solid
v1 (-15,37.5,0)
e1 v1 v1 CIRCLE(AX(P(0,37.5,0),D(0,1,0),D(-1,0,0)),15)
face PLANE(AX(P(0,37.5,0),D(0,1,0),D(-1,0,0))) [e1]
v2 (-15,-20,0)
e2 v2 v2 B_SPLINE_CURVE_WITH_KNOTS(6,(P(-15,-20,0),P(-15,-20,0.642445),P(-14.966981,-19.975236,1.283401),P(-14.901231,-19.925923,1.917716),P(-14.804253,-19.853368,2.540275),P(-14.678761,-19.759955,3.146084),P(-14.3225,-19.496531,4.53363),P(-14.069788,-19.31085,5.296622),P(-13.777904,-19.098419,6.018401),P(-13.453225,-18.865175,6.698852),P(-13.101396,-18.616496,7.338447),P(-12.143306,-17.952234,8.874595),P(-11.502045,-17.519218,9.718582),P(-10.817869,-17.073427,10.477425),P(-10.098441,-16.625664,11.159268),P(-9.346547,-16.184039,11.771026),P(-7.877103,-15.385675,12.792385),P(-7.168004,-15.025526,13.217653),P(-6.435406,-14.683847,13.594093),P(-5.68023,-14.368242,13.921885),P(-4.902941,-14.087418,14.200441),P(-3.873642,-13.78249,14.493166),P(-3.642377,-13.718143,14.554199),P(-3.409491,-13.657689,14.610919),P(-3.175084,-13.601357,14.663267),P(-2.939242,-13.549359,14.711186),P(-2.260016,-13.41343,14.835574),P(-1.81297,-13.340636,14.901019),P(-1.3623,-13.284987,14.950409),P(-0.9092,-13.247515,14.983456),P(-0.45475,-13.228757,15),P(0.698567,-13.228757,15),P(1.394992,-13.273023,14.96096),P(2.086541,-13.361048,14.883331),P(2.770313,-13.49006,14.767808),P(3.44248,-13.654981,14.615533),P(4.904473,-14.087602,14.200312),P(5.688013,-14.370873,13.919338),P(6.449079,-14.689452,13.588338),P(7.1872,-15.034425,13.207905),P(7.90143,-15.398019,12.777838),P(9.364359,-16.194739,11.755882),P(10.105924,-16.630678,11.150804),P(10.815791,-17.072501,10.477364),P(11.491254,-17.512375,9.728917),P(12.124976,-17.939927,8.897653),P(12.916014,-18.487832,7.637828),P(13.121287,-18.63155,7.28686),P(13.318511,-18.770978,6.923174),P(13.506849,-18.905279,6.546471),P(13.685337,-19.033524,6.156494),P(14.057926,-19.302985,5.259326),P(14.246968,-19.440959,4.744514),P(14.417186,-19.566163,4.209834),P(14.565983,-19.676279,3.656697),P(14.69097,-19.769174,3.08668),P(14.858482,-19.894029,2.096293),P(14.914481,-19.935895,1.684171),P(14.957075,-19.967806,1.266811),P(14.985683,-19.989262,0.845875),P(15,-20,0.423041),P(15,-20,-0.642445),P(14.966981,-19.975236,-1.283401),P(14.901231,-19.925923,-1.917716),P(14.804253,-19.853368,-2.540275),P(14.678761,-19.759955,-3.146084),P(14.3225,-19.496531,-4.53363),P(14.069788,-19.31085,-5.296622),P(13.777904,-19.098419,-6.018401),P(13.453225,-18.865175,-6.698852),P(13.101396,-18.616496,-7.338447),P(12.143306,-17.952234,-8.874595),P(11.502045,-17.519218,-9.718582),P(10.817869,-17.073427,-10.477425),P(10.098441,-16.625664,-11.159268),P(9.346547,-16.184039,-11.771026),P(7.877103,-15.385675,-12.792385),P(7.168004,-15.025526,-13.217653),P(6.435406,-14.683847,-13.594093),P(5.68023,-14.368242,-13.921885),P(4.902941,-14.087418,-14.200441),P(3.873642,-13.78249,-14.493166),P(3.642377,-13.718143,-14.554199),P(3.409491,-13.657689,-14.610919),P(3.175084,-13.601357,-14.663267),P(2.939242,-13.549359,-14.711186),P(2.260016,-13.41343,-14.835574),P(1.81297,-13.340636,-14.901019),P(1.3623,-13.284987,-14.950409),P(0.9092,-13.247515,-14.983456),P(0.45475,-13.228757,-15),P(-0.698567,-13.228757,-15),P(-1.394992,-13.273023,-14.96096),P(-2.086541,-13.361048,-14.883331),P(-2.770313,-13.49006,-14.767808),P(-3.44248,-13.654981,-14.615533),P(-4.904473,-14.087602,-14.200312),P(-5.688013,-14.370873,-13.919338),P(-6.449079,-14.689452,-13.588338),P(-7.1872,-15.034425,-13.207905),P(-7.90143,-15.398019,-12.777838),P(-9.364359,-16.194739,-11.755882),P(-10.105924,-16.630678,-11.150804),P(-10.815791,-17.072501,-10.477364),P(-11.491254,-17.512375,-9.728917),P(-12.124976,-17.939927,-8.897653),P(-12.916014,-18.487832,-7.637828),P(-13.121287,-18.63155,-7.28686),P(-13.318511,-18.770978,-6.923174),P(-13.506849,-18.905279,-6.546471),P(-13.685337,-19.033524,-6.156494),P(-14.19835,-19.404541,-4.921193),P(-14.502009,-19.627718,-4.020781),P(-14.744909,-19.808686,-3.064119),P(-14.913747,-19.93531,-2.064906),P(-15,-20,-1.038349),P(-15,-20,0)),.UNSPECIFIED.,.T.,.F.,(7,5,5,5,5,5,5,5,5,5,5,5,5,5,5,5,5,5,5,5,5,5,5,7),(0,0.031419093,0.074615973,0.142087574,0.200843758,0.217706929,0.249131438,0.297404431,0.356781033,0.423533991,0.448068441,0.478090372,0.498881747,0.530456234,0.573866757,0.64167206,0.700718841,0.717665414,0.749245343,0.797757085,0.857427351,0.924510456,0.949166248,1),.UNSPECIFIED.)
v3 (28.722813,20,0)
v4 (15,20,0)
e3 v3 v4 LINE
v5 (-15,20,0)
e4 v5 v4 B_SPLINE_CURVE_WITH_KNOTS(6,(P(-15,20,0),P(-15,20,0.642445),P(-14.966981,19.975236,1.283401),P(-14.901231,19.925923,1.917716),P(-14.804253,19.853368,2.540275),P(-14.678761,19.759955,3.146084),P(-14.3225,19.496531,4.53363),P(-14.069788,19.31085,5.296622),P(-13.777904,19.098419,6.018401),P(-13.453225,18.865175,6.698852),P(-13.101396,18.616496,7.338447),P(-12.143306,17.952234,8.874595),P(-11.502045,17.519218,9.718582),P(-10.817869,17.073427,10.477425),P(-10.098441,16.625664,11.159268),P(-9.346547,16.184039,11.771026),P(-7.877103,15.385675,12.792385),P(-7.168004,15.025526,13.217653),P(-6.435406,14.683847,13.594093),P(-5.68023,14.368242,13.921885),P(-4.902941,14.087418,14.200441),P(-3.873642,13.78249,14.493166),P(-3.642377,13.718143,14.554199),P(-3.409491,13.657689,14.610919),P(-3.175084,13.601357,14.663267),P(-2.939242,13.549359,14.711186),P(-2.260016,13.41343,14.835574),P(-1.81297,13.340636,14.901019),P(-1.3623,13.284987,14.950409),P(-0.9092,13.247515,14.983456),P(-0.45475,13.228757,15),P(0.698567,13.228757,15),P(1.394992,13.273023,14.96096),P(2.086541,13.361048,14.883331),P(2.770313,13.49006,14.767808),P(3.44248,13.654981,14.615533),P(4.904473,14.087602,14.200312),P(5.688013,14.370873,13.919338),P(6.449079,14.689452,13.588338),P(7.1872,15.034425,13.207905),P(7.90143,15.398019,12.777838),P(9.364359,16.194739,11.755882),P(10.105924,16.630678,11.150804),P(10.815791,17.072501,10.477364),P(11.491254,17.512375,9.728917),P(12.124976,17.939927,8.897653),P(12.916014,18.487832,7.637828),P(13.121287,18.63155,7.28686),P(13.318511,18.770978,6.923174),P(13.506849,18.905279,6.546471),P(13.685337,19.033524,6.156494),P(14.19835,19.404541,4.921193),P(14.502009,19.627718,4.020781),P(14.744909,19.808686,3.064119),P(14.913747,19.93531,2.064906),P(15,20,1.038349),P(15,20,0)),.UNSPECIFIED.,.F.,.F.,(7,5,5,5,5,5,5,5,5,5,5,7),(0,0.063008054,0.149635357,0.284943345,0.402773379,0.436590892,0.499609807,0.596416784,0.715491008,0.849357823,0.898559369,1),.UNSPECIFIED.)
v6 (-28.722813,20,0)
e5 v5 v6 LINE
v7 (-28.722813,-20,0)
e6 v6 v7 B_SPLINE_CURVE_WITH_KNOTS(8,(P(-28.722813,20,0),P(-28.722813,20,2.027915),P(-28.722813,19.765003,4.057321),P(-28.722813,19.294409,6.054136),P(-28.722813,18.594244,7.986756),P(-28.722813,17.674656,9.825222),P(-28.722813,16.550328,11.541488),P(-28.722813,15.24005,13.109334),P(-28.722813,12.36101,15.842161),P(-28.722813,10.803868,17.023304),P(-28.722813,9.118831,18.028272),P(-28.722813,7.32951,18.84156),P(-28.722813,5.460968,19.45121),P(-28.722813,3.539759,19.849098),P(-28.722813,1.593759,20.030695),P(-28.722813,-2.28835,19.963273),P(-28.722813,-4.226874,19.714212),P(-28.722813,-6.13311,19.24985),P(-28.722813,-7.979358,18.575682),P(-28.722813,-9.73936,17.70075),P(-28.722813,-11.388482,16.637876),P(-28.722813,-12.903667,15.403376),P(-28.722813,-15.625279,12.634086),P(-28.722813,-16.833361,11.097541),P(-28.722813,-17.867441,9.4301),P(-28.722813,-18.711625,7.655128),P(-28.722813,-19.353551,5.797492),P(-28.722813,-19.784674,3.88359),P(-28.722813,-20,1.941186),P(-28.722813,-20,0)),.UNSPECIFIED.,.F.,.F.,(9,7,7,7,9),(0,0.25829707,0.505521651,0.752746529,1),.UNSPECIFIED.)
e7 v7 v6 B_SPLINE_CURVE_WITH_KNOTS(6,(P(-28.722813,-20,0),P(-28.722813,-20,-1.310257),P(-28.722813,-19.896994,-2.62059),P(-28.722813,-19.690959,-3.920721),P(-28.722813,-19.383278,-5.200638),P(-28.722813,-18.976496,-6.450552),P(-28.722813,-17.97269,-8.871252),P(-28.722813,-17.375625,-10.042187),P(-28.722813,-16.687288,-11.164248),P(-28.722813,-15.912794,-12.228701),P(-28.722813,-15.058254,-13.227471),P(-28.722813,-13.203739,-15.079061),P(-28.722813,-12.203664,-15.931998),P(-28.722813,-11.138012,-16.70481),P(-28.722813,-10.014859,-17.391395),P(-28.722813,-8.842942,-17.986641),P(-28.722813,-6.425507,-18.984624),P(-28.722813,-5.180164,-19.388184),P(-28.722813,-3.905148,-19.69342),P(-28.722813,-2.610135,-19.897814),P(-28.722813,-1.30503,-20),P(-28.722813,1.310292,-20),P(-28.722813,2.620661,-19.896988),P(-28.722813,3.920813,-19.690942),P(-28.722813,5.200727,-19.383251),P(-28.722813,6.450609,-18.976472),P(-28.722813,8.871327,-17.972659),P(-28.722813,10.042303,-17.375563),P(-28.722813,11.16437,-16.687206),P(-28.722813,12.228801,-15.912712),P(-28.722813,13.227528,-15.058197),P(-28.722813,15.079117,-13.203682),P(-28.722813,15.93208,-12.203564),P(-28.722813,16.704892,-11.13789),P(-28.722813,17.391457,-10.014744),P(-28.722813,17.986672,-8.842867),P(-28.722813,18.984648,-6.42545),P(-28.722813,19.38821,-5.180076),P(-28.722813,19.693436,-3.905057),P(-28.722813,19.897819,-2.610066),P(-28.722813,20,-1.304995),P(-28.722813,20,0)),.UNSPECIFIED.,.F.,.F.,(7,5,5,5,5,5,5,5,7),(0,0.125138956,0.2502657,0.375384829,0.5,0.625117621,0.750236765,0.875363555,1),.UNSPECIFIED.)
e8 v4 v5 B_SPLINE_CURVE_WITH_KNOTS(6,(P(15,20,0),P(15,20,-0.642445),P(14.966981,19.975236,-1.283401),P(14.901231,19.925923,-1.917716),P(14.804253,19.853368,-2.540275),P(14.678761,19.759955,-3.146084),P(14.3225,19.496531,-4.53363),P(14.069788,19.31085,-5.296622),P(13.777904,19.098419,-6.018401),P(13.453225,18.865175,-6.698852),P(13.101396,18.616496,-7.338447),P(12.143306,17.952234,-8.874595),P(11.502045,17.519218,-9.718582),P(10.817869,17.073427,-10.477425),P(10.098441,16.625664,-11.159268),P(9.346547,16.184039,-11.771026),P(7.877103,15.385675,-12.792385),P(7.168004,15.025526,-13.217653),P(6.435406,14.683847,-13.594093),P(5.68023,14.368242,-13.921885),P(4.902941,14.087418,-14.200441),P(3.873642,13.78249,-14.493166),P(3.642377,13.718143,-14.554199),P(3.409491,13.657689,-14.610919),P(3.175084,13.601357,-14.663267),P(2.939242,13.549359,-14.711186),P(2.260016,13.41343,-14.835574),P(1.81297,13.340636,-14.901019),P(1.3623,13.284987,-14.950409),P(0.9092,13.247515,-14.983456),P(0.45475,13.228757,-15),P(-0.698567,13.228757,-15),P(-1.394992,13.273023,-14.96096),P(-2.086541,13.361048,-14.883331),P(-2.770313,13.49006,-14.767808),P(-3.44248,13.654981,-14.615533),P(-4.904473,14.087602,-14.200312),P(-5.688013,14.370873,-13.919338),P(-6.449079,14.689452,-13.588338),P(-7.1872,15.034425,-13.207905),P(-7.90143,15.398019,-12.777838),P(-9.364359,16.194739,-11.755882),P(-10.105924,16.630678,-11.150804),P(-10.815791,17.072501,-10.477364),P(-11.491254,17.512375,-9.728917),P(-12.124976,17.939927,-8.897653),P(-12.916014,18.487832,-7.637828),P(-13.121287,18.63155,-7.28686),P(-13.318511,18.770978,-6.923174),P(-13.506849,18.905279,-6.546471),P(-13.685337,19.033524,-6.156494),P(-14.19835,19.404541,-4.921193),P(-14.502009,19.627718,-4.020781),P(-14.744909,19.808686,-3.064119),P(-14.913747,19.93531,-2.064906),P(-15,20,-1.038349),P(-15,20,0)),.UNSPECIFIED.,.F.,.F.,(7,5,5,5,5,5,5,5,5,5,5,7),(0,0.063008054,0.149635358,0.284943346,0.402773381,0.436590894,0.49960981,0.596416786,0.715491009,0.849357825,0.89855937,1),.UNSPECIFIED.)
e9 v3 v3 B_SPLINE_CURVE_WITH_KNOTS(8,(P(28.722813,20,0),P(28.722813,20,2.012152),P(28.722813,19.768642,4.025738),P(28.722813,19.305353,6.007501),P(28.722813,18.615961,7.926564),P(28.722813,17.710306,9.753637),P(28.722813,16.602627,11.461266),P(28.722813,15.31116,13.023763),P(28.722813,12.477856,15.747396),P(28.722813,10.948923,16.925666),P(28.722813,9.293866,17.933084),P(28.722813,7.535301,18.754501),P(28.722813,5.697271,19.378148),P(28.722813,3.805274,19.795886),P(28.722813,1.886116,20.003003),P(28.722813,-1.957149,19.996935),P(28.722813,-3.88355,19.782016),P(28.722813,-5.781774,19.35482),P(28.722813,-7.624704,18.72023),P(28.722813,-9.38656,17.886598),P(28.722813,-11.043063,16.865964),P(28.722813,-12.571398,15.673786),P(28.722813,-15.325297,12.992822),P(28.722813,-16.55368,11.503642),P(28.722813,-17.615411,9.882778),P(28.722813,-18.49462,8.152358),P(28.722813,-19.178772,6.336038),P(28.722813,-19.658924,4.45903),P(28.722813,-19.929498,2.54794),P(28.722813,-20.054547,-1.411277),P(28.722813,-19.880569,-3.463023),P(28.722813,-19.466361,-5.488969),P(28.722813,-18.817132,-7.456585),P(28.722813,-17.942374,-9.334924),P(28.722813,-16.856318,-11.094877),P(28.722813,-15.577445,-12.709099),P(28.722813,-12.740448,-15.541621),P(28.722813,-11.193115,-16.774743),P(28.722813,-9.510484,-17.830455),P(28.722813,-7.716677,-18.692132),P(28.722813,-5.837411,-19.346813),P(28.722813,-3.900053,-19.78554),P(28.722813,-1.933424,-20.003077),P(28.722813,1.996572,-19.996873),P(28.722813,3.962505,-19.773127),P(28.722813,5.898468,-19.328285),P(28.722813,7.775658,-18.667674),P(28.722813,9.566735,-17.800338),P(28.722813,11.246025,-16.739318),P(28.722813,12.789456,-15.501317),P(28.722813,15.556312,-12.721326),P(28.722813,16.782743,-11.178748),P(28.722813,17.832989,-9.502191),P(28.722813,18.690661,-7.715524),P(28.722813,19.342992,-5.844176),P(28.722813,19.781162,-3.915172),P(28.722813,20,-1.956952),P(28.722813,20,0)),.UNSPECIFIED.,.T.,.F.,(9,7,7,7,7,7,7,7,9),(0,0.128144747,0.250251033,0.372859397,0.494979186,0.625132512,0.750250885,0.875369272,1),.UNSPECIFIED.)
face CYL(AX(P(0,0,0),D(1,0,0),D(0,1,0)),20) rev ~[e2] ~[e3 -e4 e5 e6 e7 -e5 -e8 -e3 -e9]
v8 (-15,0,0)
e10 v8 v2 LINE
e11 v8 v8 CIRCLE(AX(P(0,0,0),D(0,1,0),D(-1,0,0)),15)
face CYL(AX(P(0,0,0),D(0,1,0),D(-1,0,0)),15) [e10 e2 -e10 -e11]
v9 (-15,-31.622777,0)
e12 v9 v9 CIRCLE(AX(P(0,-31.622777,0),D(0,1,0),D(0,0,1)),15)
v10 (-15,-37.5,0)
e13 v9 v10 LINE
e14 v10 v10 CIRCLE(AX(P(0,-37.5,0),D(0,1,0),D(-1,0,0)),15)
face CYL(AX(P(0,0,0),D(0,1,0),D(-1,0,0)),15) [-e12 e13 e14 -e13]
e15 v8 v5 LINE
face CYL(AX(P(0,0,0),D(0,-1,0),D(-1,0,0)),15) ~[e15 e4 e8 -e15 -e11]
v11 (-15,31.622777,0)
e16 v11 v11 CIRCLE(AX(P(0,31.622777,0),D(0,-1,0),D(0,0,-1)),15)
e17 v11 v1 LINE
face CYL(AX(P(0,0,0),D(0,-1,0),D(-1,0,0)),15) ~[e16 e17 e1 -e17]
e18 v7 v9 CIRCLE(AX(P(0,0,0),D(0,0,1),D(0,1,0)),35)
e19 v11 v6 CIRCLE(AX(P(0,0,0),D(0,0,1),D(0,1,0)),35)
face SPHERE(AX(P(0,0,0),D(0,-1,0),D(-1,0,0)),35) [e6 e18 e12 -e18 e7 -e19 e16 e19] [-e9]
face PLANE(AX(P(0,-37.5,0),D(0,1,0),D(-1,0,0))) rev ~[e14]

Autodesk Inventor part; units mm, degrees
ref_plane "XY Plane" through (0, 0, 0) normal (0, 0, 1) x (1, 0, 0)
sketch "スケッチ1" plane through (0, 0, 0) normal (0, 0, 1) x (1, 0, 0)
  arc A0 (0, 35) -> (0, -35) centre (0, 0) ccw
  line L0 (0, 35) -> (0, -35)
  dimension "d0" = 70
revolve "回転1" add sketch "スケッチ1" angle 360 about axis through (0, 35, 0) along (0, -1, 0)
sketch "スケッチ2" plane through (0, 0, 0) normal (1, 0, 0) x (0, 1, 0)
  circle A0 centre (0, 0) radius 20
  dimension "d2" = 40
extrude "押し出し1" cut sketch "スケッチ2" along normal mid plane 100
sketch "スケッチ4" plane through (0, 0, 0) normal (0, 1, 0) x (-1, 0, 0)
  circle A0 centre (0, 0) radius 15
  dimension "d8" = 30
extrude "押し出し3" add sketch "スケッチ4" along normal mid plane 75
properties part number "FootR"
